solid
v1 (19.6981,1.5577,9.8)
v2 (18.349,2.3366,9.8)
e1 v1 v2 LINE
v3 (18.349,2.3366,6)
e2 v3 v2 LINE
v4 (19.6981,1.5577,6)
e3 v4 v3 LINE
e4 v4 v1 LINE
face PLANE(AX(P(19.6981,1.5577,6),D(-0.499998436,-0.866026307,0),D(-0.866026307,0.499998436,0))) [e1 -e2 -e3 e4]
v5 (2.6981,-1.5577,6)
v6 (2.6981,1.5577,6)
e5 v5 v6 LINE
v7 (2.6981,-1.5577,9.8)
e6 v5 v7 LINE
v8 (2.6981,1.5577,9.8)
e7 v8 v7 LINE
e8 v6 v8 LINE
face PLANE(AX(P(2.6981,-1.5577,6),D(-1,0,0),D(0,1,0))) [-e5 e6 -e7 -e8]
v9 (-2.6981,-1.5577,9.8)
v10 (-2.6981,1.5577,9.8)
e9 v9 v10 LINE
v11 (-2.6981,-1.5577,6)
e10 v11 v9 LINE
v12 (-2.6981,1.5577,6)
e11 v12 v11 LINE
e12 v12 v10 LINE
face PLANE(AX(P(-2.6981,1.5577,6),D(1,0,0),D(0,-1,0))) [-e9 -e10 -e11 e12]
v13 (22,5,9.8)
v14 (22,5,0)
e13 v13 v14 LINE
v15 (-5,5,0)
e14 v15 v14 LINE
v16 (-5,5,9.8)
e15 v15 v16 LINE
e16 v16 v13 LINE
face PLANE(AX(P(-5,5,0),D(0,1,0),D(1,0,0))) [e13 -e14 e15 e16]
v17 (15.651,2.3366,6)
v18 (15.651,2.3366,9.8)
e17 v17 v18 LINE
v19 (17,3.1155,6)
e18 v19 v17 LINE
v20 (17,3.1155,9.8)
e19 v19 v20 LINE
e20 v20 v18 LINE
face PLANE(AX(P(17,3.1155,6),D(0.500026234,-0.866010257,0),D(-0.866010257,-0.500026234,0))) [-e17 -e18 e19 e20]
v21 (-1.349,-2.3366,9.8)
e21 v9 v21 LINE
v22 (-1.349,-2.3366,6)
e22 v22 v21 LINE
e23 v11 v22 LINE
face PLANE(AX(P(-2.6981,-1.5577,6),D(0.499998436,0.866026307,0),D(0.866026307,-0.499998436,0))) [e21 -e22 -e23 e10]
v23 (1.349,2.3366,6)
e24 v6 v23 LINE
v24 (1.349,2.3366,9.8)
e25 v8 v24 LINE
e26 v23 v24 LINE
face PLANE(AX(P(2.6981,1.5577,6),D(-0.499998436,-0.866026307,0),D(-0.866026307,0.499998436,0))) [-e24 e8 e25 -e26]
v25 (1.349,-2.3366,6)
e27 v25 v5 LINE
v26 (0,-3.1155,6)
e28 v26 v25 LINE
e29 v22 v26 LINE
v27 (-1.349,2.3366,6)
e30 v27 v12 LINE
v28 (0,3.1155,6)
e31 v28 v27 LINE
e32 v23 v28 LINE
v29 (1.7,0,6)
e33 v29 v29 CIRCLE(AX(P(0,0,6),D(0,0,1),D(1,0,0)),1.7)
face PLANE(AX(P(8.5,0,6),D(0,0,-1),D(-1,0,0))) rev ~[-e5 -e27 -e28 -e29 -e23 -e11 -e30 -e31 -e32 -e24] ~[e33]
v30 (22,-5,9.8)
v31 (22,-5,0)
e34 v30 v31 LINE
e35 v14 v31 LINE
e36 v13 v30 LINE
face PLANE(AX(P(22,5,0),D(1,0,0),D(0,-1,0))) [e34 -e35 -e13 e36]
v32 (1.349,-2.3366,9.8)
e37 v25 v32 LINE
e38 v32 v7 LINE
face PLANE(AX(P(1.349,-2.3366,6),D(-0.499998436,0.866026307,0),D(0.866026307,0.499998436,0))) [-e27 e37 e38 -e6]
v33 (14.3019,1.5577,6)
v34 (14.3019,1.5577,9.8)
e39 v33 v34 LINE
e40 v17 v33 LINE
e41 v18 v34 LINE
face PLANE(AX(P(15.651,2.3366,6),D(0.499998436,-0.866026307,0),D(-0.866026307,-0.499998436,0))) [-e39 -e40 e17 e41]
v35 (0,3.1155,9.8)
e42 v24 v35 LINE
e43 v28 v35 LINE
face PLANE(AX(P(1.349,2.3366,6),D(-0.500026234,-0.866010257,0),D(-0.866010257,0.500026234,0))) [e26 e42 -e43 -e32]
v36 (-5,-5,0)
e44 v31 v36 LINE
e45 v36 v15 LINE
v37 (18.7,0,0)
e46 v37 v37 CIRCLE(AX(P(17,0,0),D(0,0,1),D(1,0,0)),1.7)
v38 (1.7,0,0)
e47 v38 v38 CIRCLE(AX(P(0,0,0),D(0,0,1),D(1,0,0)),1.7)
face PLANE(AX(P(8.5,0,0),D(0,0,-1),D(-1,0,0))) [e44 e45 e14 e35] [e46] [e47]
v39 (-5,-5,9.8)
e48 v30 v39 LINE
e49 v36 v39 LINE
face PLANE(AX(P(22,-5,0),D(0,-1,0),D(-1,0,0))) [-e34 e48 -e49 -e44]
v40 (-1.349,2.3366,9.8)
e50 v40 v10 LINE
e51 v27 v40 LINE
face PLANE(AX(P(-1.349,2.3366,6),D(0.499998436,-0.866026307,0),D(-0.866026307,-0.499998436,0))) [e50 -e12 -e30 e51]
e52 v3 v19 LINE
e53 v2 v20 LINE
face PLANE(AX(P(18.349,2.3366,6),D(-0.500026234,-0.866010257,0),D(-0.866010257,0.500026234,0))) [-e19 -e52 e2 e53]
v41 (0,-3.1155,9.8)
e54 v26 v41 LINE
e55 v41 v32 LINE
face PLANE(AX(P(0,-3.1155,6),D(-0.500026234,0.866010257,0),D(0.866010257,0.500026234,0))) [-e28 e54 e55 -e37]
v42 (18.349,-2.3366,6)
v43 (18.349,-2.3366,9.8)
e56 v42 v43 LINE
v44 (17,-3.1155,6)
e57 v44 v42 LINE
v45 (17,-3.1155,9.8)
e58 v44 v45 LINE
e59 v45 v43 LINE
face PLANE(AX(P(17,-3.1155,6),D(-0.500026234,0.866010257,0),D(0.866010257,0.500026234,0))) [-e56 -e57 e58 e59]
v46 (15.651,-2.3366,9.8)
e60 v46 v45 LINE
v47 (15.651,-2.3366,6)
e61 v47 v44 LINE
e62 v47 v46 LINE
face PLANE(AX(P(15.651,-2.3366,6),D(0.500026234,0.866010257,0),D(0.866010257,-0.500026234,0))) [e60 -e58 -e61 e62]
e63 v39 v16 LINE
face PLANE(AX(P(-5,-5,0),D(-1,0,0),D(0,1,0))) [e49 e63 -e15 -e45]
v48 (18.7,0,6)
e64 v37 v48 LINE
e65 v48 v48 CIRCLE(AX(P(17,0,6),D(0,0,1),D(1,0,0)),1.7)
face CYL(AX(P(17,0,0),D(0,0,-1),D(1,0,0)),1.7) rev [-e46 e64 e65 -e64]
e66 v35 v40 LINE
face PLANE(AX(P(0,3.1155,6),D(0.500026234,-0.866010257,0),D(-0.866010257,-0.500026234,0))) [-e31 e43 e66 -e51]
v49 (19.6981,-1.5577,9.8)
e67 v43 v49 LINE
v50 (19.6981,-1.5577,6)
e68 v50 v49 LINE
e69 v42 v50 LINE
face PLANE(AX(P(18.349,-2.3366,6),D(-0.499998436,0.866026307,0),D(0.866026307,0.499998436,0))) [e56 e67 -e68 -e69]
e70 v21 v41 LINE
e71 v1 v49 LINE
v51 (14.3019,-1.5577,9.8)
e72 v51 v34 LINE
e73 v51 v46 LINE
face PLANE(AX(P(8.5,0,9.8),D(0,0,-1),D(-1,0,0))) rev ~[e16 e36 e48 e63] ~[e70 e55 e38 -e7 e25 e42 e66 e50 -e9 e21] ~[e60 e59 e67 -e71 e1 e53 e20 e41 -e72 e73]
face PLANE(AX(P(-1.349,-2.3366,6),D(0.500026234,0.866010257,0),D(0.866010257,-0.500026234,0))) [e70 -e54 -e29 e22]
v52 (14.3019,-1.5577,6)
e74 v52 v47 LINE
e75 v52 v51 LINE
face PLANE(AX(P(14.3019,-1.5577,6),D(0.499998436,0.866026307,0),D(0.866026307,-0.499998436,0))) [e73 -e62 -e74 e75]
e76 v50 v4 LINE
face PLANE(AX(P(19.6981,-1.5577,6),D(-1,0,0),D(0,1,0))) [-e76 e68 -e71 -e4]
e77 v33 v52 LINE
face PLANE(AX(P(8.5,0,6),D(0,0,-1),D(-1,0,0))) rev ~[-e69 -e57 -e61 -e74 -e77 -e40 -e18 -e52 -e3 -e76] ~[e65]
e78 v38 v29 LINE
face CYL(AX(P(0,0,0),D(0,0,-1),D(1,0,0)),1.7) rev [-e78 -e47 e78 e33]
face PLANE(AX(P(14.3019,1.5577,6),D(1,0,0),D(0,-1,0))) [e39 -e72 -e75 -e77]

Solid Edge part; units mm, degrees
sketch "Sketch1" plane through (0, 0, 0) normal (0, 0, 1) x (1, 0, 0)
  circle A0 centre (17, 0) radius 1.7
  line L0 (-5, 5) -> (22, 5)
  line L1 (22, 5) -> (22, -5)
  line L2 (22, -5) -> (-5, -5)
  line L3 (-5, -5) -> (-5, 5)
  circle A1 centre (0, 0) radius 1.7
  dimension "D1" = 17
  dimension "D2" = 10
  dimension "D3" = 3.4
  dimension "D4" = 3.4
extrude "Protrusion1" add sketch "Sketch1" along normal blind 6
sketch "Sketch2" plane through (6.5, 0, 6) normal (0, 0, 1) x (0, -1, 0)
  line L0 (-1.5577, 13.1981) -> (-2.3366, 11.849)
  line L1 (-2.3366, 11.849) -> (-3.1155, 10.5)
  line L2 (-3.1155, 10.5) -> (-2.3366, 9.151)
  line L3 (-2.3366, 9.151) -> (-1.5577, 7.8019)
  line L4 (-1.5577, 7.8019) -> (0, 7.8019)
  line L5 (0, 7.8019) -> (1.5577, 7.8019)
  line L6 (1.5577, 7.8019) -> (2.3366, 9.151)
  line L7 (2.3366, 9.151) -> (3.1155, 10.5)
  line L8 (3.1155, 10.5) -> (2.3366, 11.849)
  line L9 (2.3366, 11.849) -> (1.5577, 13.1981)
  line L10 (1.5577, 13.1981) -> (0, 13.1981)
  line L11 (0, 13.1981) -> (-1.5577, 13.1981)
  line L12 (5, -11.5) -> (-5, -11.5)
  line L13 (-5, -11.5) -> (-5, 15.5)
  line L14 (-5, 15.5) -> (5, 15.5)
  line L15 (5, 15.5) -> (5, -11.5)
  line L16 (-1.5577, -3.8019) -> (-2.3366, -5.151)
  line L17 (-2.3366, -5.151) -> (-3.1155, -6.5)
  line L18 (-3.1155, -6.5) -> (-2.3366, -7.849)
  line L19 (-2.3366, -7.849) -> (-1.5577, -9.1981)
  line L20 (-1.5577, -9.1981) -> (0, -9.1981)
  line L21 (0, -9.1981) -> (1.5577, -9.1981)
  line L22 (1.5577, -9.1981) -> (2.3366, -7.849)
  line L23 (2.3366, -7.849) -> (3.1155, -6.5)
  line L24 (3.1155, -6.5) -> (2.3366, -5.151)
  line L25 (2.3366, -5.151) -> (1.5577, -3.8019)
  line L26 (1.5577, -3.8019) -> (0, -3.8019)
  line L27 (0, -3.8019) -> (-1.5577, -3.8019)
  dimension "D1" = 0.1
  dimension "D2" = 0.1
extrude "Protrusion2" add sketch "Sketch2" along normal up to vertex (3.8 mm away)
